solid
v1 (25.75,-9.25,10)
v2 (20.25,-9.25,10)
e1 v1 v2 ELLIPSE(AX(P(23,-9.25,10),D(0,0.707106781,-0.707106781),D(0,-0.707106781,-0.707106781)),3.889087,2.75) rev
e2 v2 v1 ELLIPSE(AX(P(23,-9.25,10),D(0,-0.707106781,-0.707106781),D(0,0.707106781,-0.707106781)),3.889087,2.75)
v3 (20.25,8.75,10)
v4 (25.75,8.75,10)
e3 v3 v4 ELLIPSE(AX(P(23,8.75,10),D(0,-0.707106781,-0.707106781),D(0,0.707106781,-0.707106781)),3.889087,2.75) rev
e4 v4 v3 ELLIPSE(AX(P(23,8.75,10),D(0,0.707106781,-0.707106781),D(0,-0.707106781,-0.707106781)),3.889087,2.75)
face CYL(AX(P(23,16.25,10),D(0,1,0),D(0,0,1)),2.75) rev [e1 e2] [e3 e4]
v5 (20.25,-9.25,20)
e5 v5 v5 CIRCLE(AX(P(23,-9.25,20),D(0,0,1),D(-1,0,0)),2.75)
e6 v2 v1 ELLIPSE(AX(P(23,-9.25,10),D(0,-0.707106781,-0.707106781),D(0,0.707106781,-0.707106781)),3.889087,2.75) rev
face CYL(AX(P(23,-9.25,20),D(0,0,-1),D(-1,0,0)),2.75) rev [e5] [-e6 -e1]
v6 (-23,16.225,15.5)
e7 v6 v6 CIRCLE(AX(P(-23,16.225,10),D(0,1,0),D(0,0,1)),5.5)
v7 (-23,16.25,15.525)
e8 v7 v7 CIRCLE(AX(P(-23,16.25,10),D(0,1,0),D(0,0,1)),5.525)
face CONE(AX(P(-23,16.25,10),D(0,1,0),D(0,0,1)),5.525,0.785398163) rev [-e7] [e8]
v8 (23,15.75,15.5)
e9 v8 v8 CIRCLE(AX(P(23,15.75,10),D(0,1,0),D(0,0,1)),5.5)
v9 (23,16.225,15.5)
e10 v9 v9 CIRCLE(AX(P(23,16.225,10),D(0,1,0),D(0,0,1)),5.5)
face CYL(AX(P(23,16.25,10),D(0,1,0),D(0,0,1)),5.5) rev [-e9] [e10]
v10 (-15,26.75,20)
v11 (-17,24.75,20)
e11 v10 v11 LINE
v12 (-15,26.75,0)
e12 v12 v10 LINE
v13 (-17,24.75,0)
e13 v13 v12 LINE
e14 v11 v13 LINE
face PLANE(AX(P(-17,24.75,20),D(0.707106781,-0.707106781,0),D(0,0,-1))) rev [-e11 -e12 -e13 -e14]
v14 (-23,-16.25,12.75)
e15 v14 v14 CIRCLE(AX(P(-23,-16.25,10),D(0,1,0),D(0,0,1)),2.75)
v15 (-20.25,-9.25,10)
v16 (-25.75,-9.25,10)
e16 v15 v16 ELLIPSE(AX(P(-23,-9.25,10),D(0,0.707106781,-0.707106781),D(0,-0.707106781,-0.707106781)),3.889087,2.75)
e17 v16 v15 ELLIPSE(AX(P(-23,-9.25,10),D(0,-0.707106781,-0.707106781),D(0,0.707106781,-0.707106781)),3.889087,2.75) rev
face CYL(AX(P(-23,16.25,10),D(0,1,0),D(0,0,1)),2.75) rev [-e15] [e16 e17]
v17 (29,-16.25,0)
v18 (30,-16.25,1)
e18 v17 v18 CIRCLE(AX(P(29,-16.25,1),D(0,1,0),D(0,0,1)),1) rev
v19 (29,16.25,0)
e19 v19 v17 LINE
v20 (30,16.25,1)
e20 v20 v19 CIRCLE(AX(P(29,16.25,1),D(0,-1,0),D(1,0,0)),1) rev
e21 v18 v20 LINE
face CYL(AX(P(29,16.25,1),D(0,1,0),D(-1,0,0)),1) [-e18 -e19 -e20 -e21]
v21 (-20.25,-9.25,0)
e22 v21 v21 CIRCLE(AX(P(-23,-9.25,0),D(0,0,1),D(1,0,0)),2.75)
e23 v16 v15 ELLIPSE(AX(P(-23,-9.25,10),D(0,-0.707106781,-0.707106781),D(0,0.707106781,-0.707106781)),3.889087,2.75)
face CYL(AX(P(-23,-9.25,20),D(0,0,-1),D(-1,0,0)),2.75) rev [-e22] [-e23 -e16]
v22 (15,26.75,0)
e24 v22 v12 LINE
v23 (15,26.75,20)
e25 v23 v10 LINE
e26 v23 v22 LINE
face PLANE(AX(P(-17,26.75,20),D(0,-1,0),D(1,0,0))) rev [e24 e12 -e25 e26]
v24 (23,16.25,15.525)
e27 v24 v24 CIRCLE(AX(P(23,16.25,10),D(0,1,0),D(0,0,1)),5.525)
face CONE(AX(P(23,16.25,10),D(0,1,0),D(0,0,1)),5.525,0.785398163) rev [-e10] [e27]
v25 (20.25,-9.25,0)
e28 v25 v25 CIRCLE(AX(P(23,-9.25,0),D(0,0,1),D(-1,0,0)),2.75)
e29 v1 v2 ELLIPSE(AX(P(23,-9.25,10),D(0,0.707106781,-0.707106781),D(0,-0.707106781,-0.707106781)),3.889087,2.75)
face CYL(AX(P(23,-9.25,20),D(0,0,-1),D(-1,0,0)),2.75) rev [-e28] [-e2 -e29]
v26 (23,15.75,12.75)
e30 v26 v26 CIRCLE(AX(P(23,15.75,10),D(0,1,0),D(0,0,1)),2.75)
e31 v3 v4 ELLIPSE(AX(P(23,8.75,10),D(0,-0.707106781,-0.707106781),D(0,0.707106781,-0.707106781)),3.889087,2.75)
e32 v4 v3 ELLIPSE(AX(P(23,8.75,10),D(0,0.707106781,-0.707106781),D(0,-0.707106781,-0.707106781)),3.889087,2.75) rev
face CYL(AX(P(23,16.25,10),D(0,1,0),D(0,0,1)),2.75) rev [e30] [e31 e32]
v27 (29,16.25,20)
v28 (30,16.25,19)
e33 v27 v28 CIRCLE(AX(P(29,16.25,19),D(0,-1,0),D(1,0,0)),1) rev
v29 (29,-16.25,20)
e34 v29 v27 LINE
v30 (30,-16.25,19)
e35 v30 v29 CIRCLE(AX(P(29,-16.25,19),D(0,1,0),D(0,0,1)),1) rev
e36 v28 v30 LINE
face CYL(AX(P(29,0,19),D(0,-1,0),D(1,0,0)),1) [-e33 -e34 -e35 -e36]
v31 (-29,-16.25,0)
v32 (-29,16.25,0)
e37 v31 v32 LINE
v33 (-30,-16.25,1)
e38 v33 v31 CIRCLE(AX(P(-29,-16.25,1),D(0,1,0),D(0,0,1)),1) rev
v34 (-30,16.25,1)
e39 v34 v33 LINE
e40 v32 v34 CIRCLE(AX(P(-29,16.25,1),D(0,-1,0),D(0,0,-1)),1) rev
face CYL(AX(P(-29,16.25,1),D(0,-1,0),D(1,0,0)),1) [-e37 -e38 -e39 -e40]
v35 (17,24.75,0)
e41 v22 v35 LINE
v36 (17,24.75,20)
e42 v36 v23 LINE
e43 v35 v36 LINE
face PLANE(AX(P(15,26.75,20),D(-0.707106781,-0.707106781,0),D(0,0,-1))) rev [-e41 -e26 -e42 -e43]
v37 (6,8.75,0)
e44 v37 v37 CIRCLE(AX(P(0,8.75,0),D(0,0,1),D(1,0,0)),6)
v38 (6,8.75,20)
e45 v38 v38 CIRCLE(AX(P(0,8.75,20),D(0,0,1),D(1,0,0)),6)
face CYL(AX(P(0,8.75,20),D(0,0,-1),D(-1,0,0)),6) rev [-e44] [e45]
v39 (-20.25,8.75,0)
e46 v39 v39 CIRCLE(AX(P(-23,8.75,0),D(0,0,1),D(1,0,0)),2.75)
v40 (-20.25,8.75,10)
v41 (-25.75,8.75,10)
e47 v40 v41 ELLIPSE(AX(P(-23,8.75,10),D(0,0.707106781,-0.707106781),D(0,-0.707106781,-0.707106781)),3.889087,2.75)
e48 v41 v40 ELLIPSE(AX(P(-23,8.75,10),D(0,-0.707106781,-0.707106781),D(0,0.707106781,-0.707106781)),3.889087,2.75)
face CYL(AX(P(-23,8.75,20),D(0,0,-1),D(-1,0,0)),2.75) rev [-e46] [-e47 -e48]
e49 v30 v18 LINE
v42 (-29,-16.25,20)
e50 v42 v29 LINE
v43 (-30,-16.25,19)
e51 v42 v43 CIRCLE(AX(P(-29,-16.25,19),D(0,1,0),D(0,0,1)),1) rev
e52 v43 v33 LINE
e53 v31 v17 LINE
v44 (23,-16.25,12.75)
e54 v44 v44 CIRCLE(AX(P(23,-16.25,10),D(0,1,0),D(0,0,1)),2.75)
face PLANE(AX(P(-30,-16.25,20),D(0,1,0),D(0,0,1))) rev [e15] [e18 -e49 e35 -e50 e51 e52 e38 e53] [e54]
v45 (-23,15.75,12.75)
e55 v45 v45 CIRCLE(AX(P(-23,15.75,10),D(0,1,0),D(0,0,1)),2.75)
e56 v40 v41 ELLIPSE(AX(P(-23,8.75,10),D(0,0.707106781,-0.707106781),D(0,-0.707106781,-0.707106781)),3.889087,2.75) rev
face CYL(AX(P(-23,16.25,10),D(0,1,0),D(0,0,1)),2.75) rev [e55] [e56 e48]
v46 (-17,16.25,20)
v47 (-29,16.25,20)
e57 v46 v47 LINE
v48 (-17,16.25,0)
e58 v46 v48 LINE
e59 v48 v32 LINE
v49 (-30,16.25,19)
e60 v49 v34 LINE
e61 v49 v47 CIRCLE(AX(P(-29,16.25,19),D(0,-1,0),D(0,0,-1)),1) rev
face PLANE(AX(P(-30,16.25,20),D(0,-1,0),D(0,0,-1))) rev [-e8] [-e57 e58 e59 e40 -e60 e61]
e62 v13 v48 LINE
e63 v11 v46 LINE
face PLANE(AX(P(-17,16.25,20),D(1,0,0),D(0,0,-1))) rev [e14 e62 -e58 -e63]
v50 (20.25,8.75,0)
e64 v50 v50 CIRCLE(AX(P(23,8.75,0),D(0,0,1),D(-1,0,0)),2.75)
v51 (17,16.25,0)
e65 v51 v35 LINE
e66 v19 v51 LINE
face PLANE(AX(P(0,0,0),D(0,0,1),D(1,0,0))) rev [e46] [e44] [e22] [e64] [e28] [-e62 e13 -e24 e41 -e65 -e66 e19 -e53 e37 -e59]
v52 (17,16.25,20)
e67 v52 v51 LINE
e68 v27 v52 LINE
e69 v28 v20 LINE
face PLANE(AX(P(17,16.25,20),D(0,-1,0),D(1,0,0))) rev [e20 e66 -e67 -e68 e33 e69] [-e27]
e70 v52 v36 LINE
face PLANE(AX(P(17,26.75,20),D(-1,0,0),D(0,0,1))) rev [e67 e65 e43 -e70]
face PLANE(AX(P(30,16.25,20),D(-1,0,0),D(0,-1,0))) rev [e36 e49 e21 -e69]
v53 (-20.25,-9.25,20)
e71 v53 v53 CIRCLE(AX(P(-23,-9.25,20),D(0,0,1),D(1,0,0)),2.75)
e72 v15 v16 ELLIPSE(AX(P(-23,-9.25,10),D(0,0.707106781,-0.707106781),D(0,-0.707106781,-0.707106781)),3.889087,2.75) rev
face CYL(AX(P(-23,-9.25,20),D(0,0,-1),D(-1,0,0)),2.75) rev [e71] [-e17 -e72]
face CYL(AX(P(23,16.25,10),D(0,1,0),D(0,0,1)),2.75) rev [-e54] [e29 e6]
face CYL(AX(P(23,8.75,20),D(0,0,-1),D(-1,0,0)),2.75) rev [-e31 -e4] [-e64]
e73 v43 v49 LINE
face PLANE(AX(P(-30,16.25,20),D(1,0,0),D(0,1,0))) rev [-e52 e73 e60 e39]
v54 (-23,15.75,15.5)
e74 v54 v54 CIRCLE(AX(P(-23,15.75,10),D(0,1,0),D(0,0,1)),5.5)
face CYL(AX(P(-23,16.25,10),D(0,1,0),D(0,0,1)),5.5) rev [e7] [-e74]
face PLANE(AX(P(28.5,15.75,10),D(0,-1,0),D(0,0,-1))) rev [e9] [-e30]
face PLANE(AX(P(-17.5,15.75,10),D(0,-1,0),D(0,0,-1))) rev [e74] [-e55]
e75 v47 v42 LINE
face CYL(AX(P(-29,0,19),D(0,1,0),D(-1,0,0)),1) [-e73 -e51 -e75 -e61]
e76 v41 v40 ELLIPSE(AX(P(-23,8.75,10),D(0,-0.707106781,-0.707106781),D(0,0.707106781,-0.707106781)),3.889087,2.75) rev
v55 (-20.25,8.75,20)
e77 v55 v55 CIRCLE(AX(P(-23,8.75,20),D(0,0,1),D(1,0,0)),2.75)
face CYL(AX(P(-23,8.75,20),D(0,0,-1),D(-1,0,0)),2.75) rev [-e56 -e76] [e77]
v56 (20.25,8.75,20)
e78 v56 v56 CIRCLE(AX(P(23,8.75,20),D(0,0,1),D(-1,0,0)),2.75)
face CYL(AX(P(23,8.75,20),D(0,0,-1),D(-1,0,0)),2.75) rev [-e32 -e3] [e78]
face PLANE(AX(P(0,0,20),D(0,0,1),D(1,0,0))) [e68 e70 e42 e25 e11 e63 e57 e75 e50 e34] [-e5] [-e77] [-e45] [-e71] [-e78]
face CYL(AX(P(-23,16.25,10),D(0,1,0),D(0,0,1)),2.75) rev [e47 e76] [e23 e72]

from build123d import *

# Parameters (mm, degrees)
SKETCH_1_R                  = 6
SKETCH_1_R_2                = 2.75
EXTRUDE_1_DEPTH             = 20
CHAMFER_1_SIZE              = 2
FILLET_1_R                  = 1
HOLE_WIZARD_M5_1_AT_2_COUNT = 2
HOLE_WIZARD_M5_1_AT_2_PITCH = 46


with BuildPart() as part:
    # 草图1 → 凸台-拉伸1 (new body)
    with BuildSketch(Plane.XY):
        Polygon((-17, 16.25), (-17, 26.75), (17, 26.75), (17, 16.25), (30, 16.25), (30, -16.25), (-30, -16.25), (-30, 16.25), align=None)
        with Locations((0, 8.75)):
            Circle(SKETCH_1_R, mode=Mode.SUBTRACT)
        with Locations((-23, 8.75)):
            Circle(SKETCH_1_R_2, mode=Mode.SUBTRACT)
        with Locations((-23, -9.25)):
            Circle(SKETCH_1_R_2, mode=Mode.SUBTRACT)
        with Locations((23, -9.25)):
            Circle(SKETCH_1_R_2, mode=Mode.SUBTRACT)
        with Locations((23, 8.75)):
            Circle(SKETCH_1_R_2, mode=Mode.SUBTRACT)
    extrude(amount=EXTRUDE_1_DEPTH)

    # 倒角1
    chamfer_1_edges = [part.edges().sort_by_distance(p)[0] for p in [
        (-17, 26.75, 10),
        (17, 26.75, 10),
    ]]
    chamfer(chamfer_1_edges, length=CHAMFER_1_SIZE)

    # 圆角1
    fillet_1_edges = [part.edges().sort_by_distance(p)[0] for p in [
        (30, 0, 0),
        (-30, 0, 20),
        (30, 0, 20),
        (-30, 0, 0),
    ]]
    fillet(fillet_1_edges, radius=FILLET_1_R)

    # 草图3 → M5 六角头螺栓的柱形沉头孔1 (revolve, cut)
    with BuildSketch(Plane(origin=(23, 16.25, 10), x_dir=(0, 0, 1), z_dir=(1, 0, 0))):
        Polygon((0, 0), (0, 32.5), (2.75, 32.5), (2.75, 0.5), (5.5, 0.5), (5.5, 0.025), (5.525, 0), align=None)
    hole_wizard_m5_1 = revolve(axis=Axis((23, 22.6, 10), (0, -1, 0)), mode=Mode.SUBTRACT)

    # M5 六角头螺栓的柱形沉头孔1 at 2: M5 六角头螺栓的柱形沉头孔1 ×2
    with Locations(*[(-i * HOLE_WIZARD_M5_1_AT_2_PITCH, 0, 0) for i in range(1, HOLE_WIZARD_M5_1_AT_2_COUNT)]):
        add(hole_wizard_m5_1, mode=Mode.SUBTRACT)


solid = part.part
